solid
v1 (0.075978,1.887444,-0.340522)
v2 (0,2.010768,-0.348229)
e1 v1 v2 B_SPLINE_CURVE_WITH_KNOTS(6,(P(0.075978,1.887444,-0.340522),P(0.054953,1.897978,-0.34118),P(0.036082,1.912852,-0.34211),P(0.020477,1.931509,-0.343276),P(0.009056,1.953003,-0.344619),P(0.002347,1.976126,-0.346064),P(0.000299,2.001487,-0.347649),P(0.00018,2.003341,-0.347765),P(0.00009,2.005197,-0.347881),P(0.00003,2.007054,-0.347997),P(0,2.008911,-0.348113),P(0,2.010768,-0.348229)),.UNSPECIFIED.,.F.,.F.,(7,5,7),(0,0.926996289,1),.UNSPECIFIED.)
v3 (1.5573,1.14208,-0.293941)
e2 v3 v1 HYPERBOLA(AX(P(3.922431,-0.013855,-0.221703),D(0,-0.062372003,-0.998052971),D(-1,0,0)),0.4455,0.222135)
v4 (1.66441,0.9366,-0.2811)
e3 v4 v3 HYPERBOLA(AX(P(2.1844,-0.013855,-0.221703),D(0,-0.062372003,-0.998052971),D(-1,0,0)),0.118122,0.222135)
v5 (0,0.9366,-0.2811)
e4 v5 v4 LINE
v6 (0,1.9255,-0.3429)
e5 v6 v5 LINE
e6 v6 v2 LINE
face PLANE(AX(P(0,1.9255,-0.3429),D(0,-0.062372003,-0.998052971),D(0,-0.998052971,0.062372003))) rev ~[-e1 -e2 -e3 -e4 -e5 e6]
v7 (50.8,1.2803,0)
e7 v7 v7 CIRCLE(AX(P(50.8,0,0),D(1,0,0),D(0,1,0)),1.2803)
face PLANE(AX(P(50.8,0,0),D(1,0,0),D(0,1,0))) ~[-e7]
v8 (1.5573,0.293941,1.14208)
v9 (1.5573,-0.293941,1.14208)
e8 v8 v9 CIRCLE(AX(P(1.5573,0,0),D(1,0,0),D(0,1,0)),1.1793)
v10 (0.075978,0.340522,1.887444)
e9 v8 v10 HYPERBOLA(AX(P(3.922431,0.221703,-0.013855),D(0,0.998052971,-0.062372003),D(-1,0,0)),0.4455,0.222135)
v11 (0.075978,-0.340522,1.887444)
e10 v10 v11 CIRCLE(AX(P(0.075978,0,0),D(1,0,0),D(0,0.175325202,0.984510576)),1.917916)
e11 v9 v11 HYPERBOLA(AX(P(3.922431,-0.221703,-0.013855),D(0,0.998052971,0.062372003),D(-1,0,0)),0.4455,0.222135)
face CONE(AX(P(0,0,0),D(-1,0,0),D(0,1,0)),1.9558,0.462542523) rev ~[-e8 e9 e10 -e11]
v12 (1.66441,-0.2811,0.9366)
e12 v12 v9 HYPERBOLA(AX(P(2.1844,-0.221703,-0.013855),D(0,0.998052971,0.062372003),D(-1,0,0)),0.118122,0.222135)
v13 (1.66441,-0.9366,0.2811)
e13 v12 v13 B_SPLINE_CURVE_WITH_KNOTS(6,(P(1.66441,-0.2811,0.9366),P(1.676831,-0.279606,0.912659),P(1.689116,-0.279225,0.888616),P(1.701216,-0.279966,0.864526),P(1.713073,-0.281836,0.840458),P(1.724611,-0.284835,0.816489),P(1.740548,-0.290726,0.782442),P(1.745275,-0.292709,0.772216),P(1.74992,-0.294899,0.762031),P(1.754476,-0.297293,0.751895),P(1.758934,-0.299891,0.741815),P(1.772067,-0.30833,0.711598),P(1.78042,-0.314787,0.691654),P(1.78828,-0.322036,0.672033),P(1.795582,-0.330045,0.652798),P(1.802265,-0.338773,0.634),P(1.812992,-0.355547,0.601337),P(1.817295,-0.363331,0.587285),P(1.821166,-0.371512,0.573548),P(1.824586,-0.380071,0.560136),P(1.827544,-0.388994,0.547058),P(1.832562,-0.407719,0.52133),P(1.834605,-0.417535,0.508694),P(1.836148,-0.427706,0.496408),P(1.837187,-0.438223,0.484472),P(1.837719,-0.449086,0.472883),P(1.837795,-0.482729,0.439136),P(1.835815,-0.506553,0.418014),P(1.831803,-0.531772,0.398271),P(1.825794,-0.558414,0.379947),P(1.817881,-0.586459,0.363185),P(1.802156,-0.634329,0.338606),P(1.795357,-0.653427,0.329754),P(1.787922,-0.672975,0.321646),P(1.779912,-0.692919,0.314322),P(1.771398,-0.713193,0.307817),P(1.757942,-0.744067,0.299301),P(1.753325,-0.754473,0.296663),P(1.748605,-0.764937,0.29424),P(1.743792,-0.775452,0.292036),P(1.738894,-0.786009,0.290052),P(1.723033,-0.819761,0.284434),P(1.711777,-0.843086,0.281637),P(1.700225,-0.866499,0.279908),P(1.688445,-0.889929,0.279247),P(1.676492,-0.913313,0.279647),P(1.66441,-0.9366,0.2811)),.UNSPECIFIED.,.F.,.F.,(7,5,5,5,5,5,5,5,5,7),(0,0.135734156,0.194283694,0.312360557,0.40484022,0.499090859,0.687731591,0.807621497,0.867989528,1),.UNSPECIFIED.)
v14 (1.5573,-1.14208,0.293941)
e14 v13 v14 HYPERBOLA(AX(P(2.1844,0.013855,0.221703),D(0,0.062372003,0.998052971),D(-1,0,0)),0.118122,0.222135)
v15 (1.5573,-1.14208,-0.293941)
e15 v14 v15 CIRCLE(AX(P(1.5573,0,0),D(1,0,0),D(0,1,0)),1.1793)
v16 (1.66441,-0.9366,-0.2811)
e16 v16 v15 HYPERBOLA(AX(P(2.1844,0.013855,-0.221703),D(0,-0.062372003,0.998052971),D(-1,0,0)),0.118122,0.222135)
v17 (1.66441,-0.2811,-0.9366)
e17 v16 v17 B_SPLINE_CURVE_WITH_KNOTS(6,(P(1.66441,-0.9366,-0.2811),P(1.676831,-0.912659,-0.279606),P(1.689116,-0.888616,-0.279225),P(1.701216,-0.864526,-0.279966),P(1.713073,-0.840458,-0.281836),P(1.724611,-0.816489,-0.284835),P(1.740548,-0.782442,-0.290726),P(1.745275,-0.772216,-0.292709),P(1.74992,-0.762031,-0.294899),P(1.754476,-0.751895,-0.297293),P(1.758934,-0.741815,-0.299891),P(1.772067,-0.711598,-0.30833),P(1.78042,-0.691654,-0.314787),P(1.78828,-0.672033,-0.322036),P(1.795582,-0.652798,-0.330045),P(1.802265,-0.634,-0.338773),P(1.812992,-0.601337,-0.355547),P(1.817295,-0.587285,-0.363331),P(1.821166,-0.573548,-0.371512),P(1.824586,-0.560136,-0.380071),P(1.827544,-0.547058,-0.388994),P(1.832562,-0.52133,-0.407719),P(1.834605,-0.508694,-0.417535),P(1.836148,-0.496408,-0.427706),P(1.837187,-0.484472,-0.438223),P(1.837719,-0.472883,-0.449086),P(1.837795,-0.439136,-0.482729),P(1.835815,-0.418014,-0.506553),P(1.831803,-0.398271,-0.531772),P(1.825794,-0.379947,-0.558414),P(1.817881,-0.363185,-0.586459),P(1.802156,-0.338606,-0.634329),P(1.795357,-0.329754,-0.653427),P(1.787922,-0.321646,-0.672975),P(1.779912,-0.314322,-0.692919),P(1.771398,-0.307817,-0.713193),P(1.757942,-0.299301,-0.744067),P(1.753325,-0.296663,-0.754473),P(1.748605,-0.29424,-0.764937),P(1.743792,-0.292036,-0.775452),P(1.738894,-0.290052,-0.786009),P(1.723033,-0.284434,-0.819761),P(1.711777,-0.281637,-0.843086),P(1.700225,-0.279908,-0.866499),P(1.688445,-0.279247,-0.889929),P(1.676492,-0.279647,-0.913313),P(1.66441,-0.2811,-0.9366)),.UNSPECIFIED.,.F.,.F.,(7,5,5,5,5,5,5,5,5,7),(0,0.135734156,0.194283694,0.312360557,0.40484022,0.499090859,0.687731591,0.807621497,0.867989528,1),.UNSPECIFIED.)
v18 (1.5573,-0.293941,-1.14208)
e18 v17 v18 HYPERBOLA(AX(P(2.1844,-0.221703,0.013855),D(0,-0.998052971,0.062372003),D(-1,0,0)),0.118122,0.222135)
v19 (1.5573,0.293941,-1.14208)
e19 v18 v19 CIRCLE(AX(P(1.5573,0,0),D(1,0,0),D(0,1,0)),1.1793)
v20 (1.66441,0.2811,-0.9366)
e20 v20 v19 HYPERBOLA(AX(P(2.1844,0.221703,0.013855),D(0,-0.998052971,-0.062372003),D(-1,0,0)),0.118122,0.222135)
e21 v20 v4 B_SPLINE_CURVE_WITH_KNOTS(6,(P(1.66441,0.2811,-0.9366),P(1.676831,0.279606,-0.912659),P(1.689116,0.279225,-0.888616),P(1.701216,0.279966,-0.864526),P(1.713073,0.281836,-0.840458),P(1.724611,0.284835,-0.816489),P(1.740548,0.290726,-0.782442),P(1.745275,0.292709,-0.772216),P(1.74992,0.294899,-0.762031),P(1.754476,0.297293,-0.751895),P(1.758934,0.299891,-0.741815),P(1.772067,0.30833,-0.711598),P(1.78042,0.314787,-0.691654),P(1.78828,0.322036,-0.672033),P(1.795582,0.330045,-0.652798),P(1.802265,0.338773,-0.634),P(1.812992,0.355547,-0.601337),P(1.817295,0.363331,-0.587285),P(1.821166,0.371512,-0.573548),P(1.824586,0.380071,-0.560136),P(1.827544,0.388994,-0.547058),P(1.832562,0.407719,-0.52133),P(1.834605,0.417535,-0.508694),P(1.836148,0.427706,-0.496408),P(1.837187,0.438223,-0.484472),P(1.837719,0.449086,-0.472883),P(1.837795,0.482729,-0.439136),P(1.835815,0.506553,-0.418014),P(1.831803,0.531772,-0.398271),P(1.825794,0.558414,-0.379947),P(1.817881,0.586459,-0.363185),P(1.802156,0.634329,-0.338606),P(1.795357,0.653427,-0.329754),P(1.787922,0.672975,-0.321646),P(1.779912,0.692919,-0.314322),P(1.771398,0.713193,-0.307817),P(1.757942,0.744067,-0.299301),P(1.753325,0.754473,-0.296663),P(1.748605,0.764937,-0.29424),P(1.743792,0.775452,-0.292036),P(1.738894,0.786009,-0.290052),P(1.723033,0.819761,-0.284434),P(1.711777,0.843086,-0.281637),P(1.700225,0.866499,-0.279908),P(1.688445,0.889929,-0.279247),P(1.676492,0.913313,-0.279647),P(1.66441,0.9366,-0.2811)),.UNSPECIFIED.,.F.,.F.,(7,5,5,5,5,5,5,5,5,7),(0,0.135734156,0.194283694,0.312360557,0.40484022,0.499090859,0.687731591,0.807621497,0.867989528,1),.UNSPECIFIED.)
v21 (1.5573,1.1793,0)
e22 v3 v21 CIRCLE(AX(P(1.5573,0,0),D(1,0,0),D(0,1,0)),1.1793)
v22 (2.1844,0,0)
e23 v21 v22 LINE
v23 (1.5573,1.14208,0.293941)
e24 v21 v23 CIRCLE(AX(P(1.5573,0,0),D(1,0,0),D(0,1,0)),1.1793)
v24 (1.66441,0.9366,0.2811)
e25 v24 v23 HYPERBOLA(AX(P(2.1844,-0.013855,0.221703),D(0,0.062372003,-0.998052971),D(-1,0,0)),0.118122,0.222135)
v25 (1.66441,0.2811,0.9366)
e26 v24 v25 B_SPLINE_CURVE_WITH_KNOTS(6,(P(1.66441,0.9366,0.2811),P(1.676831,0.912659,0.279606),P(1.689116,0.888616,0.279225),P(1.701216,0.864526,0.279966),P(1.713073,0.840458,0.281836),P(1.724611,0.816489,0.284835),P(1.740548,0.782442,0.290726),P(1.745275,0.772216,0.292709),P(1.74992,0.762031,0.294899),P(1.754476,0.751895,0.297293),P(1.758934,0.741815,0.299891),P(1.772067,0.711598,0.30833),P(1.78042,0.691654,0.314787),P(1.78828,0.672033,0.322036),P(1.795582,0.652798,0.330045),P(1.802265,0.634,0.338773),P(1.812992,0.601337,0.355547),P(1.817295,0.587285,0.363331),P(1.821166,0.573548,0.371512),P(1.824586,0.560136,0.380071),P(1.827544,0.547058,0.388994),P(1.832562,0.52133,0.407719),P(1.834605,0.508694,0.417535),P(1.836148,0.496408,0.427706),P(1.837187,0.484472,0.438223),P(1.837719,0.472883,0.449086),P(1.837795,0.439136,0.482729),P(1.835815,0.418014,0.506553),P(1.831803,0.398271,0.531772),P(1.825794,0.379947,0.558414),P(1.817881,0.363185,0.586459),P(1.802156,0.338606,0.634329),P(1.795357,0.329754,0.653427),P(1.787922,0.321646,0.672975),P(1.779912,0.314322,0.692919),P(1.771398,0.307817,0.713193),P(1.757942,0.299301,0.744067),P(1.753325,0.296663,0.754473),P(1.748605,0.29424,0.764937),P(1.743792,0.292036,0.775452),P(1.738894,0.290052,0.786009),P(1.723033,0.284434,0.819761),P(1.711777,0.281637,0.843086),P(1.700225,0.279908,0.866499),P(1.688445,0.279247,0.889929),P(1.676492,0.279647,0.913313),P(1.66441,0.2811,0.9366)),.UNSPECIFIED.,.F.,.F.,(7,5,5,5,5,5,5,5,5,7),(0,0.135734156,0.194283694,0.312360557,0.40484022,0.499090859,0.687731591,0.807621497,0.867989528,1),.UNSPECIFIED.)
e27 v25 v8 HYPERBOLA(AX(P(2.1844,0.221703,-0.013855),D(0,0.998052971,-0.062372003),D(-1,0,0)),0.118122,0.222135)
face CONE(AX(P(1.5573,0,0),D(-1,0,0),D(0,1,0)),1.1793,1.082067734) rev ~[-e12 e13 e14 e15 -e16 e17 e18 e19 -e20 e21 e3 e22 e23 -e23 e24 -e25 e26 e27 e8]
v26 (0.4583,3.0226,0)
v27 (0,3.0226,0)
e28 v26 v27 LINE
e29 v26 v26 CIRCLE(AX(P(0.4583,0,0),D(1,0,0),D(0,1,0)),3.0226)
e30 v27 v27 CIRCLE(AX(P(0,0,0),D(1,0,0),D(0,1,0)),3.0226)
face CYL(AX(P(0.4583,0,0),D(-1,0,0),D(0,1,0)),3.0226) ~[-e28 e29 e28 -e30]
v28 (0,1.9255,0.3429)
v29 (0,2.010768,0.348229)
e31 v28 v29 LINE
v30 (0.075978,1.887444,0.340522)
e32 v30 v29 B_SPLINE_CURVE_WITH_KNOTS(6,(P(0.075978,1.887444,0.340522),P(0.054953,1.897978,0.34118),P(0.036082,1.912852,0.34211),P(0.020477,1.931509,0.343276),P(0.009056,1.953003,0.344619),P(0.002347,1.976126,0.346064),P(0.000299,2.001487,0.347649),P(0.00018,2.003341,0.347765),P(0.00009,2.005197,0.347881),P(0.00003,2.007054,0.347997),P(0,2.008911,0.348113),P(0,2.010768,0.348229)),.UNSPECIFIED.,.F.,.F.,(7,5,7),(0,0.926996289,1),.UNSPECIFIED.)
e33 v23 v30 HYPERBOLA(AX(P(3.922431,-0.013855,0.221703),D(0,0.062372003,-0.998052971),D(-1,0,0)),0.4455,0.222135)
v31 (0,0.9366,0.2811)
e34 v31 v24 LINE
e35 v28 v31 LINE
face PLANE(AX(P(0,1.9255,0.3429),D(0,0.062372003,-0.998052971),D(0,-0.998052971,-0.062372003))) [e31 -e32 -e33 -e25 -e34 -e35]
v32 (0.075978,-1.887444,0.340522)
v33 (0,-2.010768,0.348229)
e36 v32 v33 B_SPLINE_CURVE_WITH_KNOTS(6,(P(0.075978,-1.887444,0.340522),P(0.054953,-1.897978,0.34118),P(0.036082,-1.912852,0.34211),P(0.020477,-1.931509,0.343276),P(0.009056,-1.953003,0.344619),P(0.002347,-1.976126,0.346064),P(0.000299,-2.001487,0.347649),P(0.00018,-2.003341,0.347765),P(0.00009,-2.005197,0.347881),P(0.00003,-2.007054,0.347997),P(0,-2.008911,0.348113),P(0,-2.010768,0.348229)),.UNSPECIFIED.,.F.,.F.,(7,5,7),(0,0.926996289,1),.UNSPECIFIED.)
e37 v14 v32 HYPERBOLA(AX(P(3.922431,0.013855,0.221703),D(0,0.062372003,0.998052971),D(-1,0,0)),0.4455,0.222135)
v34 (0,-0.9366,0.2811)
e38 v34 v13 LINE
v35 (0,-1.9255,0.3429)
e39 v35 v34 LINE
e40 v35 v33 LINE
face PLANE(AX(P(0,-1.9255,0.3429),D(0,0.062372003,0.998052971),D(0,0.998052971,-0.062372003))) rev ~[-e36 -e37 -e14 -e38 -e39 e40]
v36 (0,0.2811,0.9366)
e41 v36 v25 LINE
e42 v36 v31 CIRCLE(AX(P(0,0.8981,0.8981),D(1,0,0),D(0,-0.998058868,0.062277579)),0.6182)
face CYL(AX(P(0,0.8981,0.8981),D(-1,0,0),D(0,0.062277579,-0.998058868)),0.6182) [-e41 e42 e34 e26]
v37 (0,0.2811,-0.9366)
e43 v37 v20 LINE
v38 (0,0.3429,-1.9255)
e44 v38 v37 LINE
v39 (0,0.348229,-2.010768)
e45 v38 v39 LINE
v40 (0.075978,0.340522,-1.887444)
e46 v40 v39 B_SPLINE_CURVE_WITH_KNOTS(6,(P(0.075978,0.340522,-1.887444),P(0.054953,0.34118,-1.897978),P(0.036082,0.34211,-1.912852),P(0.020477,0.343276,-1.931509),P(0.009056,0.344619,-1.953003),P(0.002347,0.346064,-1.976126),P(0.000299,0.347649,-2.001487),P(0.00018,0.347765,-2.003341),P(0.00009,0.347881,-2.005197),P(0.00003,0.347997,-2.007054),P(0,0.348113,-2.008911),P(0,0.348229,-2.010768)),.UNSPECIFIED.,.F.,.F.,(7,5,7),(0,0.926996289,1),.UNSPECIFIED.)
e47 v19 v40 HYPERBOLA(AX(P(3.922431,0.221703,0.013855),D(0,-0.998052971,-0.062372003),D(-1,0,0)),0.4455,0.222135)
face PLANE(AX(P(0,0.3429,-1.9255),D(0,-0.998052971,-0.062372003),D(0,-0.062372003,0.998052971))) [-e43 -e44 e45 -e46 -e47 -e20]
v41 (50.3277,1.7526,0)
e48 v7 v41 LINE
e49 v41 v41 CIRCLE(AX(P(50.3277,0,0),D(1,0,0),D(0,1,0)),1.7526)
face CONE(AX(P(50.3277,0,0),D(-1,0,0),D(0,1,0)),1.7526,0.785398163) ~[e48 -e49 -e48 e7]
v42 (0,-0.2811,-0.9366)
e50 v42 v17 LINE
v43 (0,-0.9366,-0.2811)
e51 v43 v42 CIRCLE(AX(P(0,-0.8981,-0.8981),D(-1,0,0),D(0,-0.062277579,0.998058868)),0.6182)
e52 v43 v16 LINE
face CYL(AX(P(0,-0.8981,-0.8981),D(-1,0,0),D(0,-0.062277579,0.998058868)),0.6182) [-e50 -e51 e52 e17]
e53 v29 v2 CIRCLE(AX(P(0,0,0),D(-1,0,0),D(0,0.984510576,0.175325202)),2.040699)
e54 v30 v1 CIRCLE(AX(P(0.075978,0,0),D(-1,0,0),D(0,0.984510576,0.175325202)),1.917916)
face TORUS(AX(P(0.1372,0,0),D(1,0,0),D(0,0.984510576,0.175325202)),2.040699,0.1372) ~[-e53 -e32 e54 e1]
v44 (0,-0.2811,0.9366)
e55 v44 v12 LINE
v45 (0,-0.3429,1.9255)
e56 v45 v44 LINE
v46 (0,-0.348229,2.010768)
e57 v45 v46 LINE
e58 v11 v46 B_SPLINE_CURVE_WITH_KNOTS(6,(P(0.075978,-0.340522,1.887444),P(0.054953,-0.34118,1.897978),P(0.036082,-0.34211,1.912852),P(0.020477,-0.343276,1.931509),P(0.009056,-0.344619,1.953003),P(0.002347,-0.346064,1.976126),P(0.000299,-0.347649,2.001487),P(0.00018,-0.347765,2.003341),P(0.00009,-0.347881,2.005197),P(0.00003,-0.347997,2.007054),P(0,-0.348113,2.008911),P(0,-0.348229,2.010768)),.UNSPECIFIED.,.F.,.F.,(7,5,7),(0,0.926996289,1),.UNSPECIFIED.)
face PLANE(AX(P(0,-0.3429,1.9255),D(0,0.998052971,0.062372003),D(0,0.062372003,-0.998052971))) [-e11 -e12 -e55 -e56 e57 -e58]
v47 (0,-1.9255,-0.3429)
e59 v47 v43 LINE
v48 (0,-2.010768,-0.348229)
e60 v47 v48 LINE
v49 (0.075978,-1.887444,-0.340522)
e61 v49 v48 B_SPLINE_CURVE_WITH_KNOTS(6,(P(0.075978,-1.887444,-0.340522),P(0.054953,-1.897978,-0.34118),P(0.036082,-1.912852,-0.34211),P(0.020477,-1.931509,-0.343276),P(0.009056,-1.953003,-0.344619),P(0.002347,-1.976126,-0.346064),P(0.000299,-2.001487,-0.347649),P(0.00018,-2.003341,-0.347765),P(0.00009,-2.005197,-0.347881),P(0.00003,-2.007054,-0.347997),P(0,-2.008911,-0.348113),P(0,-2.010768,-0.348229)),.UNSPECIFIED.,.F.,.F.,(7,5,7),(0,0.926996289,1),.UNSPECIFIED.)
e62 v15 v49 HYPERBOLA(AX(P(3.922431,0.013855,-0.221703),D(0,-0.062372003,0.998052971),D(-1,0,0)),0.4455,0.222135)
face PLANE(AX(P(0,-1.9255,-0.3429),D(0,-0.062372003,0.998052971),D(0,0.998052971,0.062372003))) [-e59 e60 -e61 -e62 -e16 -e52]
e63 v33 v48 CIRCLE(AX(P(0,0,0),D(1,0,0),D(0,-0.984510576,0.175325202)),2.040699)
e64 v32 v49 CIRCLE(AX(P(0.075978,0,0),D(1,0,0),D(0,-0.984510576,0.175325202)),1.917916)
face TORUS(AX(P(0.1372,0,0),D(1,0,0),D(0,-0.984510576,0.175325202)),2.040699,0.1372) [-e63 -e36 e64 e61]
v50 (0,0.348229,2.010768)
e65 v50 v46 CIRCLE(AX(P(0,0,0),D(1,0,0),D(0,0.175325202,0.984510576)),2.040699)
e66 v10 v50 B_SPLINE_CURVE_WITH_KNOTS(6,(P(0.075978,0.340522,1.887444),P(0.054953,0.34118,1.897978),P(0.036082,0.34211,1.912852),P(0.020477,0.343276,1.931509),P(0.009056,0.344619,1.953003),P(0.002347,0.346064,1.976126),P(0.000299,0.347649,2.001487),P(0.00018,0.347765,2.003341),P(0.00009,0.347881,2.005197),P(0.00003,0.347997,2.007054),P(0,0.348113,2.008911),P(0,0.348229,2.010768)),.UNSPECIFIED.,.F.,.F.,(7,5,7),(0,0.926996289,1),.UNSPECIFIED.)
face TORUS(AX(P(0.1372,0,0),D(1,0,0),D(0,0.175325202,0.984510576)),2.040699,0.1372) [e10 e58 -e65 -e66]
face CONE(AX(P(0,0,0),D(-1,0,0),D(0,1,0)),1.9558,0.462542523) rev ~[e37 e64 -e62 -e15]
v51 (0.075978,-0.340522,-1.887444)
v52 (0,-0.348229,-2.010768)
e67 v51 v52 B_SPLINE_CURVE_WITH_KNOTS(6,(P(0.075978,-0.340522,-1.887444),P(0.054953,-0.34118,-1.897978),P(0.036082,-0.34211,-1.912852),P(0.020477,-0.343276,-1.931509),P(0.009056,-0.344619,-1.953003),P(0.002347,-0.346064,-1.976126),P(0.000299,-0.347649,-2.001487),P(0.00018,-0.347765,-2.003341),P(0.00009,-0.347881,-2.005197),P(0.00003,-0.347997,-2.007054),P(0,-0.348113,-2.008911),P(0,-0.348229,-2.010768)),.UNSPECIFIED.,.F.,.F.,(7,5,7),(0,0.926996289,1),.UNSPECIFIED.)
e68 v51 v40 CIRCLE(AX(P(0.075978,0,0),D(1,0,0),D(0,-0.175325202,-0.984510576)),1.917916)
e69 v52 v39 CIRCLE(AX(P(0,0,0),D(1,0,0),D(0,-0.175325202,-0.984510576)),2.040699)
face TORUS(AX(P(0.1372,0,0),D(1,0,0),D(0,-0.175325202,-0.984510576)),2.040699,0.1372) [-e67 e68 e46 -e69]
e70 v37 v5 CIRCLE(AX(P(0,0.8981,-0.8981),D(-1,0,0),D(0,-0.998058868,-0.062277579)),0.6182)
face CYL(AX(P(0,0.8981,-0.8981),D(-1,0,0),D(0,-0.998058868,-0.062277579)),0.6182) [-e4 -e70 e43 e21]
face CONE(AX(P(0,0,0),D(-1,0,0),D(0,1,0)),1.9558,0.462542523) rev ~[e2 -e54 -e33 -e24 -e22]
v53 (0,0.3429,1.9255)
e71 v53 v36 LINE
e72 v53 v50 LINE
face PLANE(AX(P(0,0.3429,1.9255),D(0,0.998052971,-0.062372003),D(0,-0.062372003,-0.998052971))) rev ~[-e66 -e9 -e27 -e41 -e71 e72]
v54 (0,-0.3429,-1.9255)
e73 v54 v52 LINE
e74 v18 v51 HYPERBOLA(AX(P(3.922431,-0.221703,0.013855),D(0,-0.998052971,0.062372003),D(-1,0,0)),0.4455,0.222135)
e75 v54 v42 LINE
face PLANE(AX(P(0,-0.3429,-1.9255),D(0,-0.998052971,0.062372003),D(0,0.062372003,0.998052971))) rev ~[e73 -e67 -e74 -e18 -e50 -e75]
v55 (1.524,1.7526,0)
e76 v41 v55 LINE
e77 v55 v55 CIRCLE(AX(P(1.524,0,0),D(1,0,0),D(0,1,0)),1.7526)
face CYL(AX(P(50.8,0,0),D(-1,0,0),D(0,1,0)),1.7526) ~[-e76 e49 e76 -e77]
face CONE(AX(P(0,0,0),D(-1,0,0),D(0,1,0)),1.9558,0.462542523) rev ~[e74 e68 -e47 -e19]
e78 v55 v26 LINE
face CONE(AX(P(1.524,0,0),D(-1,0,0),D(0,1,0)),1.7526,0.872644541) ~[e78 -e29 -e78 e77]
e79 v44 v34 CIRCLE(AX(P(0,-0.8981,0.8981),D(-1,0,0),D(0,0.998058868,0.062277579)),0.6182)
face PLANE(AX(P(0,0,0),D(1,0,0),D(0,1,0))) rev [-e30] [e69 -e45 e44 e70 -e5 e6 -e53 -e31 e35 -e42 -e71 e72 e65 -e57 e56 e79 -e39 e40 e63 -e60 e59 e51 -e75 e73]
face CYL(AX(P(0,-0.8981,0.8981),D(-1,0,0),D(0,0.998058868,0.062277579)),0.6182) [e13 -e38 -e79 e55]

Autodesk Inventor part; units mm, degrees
ref_plane "YZ Plane" through (0, 0, 0) normal (1, 0, 0) x (0, 1, 0)
ref_plane "XZ Plane" through (0, 0, 0) normal (0, 1, 0) x (-1, 0, 0)
sketch "Sketch1" plane through (0, 0, 0) normal (0, 0, 1) x (1, 0, 0)
  line L0 (2.1844, 0) -> (50.8, 0)
  line L1 (50.8, 0) -> (50.8, 1.7526)
  line L2 (50.8, 1.7526) -> (1.524, 1.7526)
  line L3 (0.4583, 3.0226) -> (0, 3.0226)
  line L4 (-5.08, 0) -> (30.48, 0) projected
  line L5 (0, -0.6045) -> (0, 3.6271) projected
  line L6 (0, 1.9558) -> (1.5573, 1.1793)
  line L7 (1.5573, 1.1793) -> (2.1844, 0)
  line L8 (1.524, 1.7526) -> (0.4583, 3.0226)
  line L9 (0, 3.0226) -> (0, 1.9558)
  dimension "d2" = 3.5052
  dimension "d3" = 6.0452
  dimension "d4" = 2.1844
  dimension "d5" = 3.9116
  dimension "d6" = 26.5
  dimension "d7" = 62
  dimension "d13" = 50
  dimension "d14" = 1.524
  dimension "d15" = 50.8
revolve "Body" add sketch "Sketch1" angle 360 about axis through (2.1844, 0, 0) along (1, 0, 0) contours L7 L6 L5 L3 L8 L2 L1 L0
sketch "Sketch2" plane through (0, 0, 0) normal (-1, 0, 0) x (0, 0, 1)
  line L0 (0, -4.2316) -> (0, 4.2316) projected
  line L1 (-4.2316, 0) -> (4.2316, 0) projected
  line L2 (0, 1.9558) -> (0, 0) construction
  line L3 (0, 0) -> (1.9558, 0) construction
  arc A0 (0.6519, 0) -> (0, 0.6519) centre (0, 0) ccw
  line L4 (0, 0) -> (0.7947, 0.7947) construction
  arc A1 (0.9779, 0) -> (0, 0.9779) centre (0, 0) ccw construction
  line L5 (0.3429, 1.9255) -> (0.2811, 0.9366)
  line L6 (1.9255, 0.3429) -> (0.9366, 0.2811)
  arc A2 (0.2811, 0.9366) -> (0.9366, 0.2811) centre (0.8981, 0.8981) ccw
  arc A3 (1.9558, 0) -> (1.9255, 0.3429) centre (0, 0) ccw
  arc A4 (0.3429, 1.9255) -> (0, 1.9558) centre (0, 0) ccw
  arc A5 (1.9255, 0.3429) -> (0.3429, 1.9255) centre (0, 0) ccw
  line L7 (0.3429, -1.9255) -> (0.2811, -0.9366)
  line L8 (1.9255, -0.3429) -> (0.9366, -0.2811)
  arc A6 (0.9366, -0.2811) -> (0.2811, -0.9366) centre (0.8981, -0.8981) ccw
  arc A7 (1.9255, -0.3429) -> (1.9558, 0) centre (0, 0) ccw
  arc A8 (0, -1.9558) -> (0.3429, -1.9255) centre (0, 0) ccw
  arc A9 (0.3429, -1.9255) -> (1.9255, -0.3429) centre (0, 0) ccw
  line L9 (-0.3429, 1.9255) -> (-0.2811, 0.9366)
  line L10 (-1.9255, 0.3429) -> (-0.9366, 0.2811)
  arc A10 (-0.9366, 0.2811) -> (-0.2811, 0.9366) centre (-0.8981, 0.8981) ccw
  arc A11 (-1.9255, 0.3429) -> (-1.9558, 0) centre (0, 0) ccw
  arc A12 (0, 1.9558) -> (-0.3429, 1.9255) centre (0, 0) ccw
  arc A13 (-0.3429, 1.9255) -> (-1.9255, 0.3429) centre (0, 0) ccw
  arc A14 (-1.9255, -0.3429) -> (-0.3429, -1.9255) centre (0, 0) ccw
  arc A15 (-0.3429, -1.9255) -> (0, -1.9558) centre (0, 0) ccw
  arc A16 (-1.9558, 0) -> (-1.9255, -0.3429) centre (0, 0) ccw
  line L11 (-1.9255, -0.3429) -> (-0.9366, -0.2811)
  arc A17 (-0.2811, -0.9366) -> (-0.9366, -0.2811) centre (-0.8981, -0.8981) ccw
  line L12 (-0.3429, -1.9255) -> (-0.2811, -0.9366)
  dimension "d18" = 45
  dimension "d19" = 1.3039
  dimension "d20" = 1.9558
  dimension "d21" = 3.9116
  dimension "d22" = 0.3429
extrude "Slot" add sketch "Sketch2" against normal up to next contours A2 L5 A5 L6 | L9 A10 L10 A13 | L7 A6 L8 A9 | A14 L11 A17 L12
fillet "Fillet1" radius 0.1372 4 edges at (0, 1.9558, 0) (0, 0, 1.9558) (0, -1.9558, 0) (0, 0, -1.9558)
thread "Thread" size "6-32 UNC" class "2A" standard "ANSI Unified Screw Threads" length 19.05
chamfer "Chamfer1" distance 0.4723 distance2 0.4723 1 edges at (50.8, -1.7526, 0) measured on face at (50.8, -0.4673, -0.1398)
ref_plane "Work Plane2" through (2.032, 0, 0) normal (0, 1, 0) x (1, 0, 0)
equation "\"d2\" = GD"
equation "\"d3\" = KOD"
equation "\"d4\" = INTI"
equation "\"d5\" = SDM"
equation "\"d13\" = 0.5 * SEWI"
equation "\"d14\" = KOH"
equation "\"d19\" = 0.333333 * SDM"
equation "\"d20\" = 0.5 * SDM"
equation "\"d21\" = SDM"
equation "\"d22\" = 0.5 * SBR"
equation "\"d45\" = INTI"
equation "\"d25\" = 0.2 * SBR"
equation "\"d9\" = GEL"
equation "\"d11\" = -0.5 * SPD + 0.5 * GD"
equation "\"d12\" = GUL"
equation "\"GD\" = NND"
equation "\"NLG\" = 25.4"
equation "\"GEL\" = 19.05"
equation "\"KOD\" = 6.0452"
equation "\"KOH\" = 1.524"
equation "\"SDM\" = 3.9116"
equation "\"INTI\" = 2.1844"
equation "\"SBR\" = 0.6858"
equation "\"GUL\" = -0.5 * SPD + 0.5 * NND"
equation "\"SPD\" = 2.56064"
equation "\"SEWI\" = 100deg"
equation "\"d1\" = KOH"
equation "\"d17\" = SDM"
equation "\"TOA\" = 30deg"
equation "\"EPV\" = 2.99461"
equation "\"THREADDIA\" = 3.5052"
equation "\"BDM\" = NND"
equation "\"NND\" = 3.5052"
equation "\"GAL\" = 0.79375"
equation "\"GD1\" = SPD"
properties part number "ANSI B18.6.3 - 6-32 UNC x 1, CRFCHMSTII(2)" material "Steel, Mild"
